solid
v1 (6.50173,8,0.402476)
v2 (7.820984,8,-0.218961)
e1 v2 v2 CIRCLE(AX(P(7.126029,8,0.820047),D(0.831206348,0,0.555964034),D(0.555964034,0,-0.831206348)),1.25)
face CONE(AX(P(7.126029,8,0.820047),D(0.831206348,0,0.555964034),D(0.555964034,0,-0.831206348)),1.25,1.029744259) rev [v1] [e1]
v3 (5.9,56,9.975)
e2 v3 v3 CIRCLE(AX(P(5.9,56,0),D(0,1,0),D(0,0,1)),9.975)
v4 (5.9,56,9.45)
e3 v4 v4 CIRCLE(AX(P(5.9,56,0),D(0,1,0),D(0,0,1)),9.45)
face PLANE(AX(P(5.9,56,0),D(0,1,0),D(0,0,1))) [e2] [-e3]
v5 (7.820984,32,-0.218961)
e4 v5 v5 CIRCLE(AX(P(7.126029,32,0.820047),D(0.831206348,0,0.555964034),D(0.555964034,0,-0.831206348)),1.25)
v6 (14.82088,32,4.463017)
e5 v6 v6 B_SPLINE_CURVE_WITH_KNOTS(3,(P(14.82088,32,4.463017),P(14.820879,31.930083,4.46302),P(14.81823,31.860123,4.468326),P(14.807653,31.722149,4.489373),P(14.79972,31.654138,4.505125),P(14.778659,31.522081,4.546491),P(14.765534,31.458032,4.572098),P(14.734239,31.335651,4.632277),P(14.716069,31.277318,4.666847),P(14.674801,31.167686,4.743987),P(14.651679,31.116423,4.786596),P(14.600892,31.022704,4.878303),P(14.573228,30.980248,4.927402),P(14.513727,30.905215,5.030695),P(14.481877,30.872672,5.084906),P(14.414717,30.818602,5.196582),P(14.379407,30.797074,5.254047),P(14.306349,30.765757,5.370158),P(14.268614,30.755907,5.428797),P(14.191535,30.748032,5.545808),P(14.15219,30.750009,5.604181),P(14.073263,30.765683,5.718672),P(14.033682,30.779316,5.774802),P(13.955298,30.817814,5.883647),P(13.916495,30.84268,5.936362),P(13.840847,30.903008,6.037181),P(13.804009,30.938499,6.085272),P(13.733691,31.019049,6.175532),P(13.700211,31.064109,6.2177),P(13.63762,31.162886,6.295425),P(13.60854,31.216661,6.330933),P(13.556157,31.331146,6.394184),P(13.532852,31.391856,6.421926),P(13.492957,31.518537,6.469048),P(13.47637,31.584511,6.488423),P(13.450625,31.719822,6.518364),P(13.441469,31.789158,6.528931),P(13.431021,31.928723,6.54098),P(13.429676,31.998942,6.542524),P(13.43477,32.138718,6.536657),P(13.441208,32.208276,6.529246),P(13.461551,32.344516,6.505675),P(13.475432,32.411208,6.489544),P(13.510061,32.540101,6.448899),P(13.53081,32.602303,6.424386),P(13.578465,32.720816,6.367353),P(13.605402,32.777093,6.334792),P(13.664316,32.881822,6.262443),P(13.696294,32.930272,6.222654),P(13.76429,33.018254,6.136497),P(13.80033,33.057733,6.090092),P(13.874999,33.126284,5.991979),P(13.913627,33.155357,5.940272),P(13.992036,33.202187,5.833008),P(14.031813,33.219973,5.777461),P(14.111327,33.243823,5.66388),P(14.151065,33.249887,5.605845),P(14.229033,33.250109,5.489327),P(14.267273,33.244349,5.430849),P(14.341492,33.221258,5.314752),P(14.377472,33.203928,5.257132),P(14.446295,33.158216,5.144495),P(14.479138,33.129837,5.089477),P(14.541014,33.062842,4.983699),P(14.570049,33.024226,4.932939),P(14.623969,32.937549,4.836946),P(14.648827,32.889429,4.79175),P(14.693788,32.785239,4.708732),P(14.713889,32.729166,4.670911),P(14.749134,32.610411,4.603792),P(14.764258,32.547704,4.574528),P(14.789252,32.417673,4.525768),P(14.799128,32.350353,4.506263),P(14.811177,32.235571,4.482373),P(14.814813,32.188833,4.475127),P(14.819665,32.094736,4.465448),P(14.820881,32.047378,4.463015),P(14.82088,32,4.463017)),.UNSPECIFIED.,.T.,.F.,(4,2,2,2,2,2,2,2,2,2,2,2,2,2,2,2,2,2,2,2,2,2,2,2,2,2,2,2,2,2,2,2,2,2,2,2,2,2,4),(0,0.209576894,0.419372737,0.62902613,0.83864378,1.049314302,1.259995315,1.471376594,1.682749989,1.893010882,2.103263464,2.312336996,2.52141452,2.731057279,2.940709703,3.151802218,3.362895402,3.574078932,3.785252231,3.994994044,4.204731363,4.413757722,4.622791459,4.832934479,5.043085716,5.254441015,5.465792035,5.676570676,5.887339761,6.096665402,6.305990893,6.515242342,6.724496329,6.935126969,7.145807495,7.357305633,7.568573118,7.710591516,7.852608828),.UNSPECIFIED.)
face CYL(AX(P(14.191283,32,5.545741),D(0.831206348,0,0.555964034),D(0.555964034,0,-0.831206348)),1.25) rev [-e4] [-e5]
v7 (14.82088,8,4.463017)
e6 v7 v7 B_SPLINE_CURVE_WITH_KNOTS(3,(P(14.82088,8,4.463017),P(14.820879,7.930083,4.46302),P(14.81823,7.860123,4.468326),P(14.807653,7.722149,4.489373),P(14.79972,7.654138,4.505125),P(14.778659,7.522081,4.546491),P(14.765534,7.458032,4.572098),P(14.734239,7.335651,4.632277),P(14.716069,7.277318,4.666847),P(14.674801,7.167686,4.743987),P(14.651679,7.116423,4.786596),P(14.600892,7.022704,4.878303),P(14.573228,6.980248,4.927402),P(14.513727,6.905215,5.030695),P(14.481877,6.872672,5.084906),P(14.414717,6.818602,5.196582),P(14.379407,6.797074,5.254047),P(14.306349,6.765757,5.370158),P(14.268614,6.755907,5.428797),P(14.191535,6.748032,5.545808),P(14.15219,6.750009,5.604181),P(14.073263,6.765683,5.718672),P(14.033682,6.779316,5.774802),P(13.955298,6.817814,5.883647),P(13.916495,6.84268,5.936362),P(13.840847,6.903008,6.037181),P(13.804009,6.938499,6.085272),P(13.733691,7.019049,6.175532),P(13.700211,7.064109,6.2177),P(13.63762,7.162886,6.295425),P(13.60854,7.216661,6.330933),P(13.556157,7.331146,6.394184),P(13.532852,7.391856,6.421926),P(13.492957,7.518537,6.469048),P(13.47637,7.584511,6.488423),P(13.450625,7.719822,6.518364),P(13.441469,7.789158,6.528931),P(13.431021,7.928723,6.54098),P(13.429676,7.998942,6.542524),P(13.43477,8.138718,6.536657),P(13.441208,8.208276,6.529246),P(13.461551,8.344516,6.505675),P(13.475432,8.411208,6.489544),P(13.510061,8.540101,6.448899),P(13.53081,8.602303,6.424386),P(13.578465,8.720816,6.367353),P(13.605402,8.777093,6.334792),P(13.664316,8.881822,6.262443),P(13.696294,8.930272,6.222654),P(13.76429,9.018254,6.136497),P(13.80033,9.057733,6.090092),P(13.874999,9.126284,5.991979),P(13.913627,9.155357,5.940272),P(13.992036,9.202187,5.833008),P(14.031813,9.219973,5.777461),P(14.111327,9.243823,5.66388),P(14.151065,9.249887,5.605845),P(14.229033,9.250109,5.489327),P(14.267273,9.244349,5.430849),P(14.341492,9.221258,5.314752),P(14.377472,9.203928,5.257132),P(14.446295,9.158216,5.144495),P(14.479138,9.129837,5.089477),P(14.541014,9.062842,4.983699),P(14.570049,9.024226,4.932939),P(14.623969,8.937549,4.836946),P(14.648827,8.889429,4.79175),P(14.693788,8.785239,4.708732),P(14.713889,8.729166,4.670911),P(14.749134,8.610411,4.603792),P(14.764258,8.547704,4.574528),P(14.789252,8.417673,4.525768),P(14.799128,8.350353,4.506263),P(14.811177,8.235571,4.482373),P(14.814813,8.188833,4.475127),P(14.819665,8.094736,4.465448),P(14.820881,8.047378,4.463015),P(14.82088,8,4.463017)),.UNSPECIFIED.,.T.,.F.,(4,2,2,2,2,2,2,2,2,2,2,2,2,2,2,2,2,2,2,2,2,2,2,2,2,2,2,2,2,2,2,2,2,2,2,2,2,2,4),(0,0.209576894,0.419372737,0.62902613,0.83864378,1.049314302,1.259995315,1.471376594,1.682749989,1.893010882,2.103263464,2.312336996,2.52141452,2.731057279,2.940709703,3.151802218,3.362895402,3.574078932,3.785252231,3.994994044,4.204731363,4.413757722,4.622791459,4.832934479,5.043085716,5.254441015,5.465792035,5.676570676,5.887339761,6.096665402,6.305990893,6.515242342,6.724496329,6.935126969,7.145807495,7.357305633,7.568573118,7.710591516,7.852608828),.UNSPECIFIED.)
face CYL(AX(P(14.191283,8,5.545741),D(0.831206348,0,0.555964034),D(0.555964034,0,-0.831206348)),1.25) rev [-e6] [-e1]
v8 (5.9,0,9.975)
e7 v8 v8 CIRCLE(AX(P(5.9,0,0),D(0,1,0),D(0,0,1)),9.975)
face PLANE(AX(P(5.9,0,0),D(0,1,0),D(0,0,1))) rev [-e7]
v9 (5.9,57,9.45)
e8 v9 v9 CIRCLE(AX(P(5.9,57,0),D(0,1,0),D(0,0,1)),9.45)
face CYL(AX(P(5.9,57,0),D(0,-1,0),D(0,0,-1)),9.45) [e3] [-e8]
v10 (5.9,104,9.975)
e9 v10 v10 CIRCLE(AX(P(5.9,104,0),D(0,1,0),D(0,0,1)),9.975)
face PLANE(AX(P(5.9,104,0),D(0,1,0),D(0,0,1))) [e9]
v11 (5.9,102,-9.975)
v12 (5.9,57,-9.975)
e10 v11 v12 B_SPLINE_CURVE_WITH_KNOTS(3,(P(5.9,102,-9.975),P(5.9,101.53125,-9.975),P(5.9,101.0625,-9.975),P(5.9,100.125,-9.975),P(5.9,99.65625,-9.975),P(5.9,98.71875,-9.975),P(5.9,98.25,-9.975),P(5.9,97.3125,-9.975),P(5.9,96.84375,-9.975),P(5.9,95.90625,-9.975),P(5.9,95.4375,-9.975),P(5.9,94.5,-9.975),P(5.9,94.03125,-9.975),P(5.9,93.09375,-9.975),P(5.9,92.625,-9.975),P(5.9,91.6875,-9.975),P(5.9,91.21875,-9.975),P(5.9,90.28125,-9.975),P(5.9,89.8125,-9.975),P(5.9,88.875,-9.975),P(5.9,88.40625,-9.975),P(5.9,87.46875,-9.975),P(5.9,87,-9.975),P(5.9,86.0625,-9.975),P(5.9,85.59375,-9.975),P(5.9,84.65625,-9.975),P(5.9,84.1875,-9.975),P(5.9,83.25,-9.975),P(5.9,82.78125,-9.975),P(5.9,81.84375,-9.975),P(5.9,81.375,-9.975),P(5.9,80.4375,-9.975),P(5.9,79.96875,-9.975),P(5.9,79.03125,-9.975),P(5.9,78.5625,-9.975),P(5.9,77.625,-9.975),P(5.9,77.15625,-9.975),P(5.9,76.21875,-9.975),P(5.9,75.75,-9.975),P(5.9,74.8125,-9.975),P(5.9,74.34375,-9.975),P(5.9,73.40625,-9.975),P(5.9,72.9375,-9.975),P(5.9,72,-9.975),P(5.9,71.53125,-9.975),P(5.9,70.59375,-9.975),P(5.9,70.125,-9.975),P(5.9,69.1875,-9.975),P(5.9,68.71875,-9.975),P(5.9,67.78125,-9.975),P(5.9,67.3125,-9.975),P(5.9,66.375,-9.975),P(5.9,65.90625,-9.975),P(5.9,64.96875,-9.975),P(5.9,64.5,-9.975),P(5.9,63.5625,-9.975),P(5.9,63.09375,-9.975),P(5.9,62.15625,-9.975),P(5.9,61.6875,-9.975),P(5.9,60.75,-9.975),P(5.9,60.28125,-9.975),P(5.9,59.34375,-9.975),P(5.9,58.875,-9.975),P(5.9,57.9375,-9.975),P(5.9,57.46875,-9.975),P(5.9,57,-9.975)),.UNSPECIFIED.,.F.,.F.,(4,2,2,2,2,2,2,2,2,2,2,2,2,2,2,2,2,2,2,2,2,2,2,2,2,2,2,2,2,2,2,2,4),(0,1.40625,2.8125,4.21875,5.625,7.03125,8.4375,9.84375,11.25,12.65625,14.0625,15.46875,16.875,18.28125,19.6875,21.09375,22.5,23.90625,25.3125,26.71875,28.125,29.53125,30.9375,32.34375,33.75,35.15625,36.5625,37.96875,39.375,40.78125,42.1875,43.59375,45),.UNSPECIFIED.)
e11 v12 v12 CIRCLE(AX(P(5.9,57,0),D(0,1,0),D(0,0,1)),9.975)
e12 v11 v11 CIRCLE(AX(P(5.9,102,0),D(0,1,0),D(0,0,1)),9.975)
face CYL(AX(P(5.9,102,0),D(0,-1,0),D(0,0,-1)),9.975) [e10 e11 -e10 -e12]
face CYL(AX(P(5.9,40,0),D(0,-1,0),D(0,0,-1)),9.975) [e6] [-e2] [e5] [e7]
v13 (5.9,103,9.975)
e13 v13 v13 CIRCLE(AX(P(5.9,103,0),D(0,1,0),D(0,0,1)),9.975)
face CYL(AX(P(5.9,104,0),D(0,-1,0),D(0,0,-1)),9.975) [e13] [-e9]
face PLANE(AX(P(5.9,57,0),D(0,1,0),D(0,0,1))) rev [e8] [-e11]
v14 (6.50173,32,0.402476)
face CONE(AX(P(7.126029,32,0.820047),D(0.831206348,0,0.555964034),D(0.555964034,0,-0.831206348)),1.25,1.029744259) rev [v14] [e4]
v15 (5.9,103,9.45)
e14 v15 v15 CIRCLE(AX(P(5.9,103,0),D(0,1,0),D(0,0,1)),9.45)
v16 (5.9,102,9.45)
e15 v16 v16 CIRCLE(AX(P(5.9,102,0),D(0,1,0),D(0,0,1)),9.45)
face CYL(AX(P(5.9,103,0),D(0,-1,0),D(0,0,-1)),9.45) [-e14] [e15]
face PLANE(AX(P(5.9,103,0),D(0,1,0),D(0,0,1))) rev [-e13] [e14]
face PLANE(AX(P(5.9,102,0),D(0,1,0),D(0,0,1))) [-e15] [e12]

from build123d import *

# Parameters (mm, degrees)
SKETCH_1_R        = 9.975
EXTRUDE_1_DEPTH   = 40
SKETCH_5_R        = 9.975
F_16MM_DEPTH      = 16
SKETCH_6_R        = 9.45
EXTRUDE_1_2_DEPTH = 1
SKETCH_7_R        = 9.975
EXTRUDE_4_DEPTH   = 45
SKETCH_8_R        = 9.45
EXTRUDE_2_DEPTH   = 1
SKETCH_9_R        = 9.975
EXTRUDE_6_DEPTH   = 1


with BuildPart() as part:
    # 草图1 → Extrude 1 (new body)
    with BuildSketch(Plane(origin=(0, 0, 0), x_dir=(1, 0, 0), z_dir=(0, 1, 0))):
        with Locations(Location((5.9, 0, 0), (0, 0, 270))):
            Circle(SKETCH_1_R)
    extrude(amount=EXTRUDE_1_DEPTH)

    # 草图4 → M3 螺纹孔2 (revolve, cut)
    with BuildSketch(Plane(origin=(14.191283323, 8, 5.545741236), x_dir=(0.555964033642643, 0, -0.8312063482047055), z_dir=(0, 1, 0))):
        Polygon((0, 0), (0, 9.251075774), (1.25, 8.5), (1.25, 0), align=None)
    hole_wizard_m3_2 = revolve(axis=Axis((19.469443634, 8, 9.076112849), (-0.8312063482047054, 0, -0.555964033642643)), mode=Mode.SUBTRACT)

    # Mirror 1364: M3 螺纹孔2 across plane
    add(hole_wizard_m3_2.mirror(Plane(origin=(0, 20, 0), x_dir=(0, 0, 1), z_dir=(0, -1, 0))), mode=Mode.SUBTRACT)

    # 草图5 → 16mm 铰链间距 (add)
    with BuildSketch(Plane(origin=(0, 40, 0), x_dir=(1, 0, 0), z_dir=(0, 1, 0))):
        with Locations(Location((5.9, 0, 0), (0, 0, 270))):
            Circle(SKETCH_5_R)
    extrude(amount=F_16MM_DEPTH)

    # 草图6 → Extrude 1 2 (add)
    with BuildSketch(Plane(origin=(0, 56, 0), x_dir=(1, 0, 0), z_dir=(0, 1, 0))):
        with Locations(Location((5.9, 0, 0), (0, 0, 270))):
            Circle(SKETCH_6_R)
    extrude(amount=EXTRUDE_1_2_DEPTH)

    # 草图7 → 凸台-拉伸4 (add)
    with BuildSketch(Plane(origin=(0, 57, 0), x_dir=(1, 0, 0), z_dir=(0, 1, 0))):
        with Locations(Location((5.9, 0, 0), (0, 0, 270))):
            Circle(SKETCH_7_R)
    extrude(amount=EXTRUDE_4_DEPTH)

    # 草图8 → 卡簧2 (add)
    with BuildSketch(Plane(origin=(0, 102, 0), x_dir=(1, 0, 0), z_dir=(0, 1, 0))):
        with Locations(Location((5.9, 0, 0), (0, 0, 270))):
            Circle(SKETCH_8_R)
    extrude(amount=EXTRUDE_2_DEPTH)

    # 草图9 → 凸台-拉伸6 (add)
    with BuildSketch(Plane(origin=(0, 103, 0), x_dir=(1, 0, 0), z_dir=(0, 1, 0))):
        with Locations(Location((5.9, 0, 0), (0, 0, 270))):
            Circle(SKETCH_9_R)
    extrude(amount=EXTRUDE_6_DEPTH)


solid = part.part
